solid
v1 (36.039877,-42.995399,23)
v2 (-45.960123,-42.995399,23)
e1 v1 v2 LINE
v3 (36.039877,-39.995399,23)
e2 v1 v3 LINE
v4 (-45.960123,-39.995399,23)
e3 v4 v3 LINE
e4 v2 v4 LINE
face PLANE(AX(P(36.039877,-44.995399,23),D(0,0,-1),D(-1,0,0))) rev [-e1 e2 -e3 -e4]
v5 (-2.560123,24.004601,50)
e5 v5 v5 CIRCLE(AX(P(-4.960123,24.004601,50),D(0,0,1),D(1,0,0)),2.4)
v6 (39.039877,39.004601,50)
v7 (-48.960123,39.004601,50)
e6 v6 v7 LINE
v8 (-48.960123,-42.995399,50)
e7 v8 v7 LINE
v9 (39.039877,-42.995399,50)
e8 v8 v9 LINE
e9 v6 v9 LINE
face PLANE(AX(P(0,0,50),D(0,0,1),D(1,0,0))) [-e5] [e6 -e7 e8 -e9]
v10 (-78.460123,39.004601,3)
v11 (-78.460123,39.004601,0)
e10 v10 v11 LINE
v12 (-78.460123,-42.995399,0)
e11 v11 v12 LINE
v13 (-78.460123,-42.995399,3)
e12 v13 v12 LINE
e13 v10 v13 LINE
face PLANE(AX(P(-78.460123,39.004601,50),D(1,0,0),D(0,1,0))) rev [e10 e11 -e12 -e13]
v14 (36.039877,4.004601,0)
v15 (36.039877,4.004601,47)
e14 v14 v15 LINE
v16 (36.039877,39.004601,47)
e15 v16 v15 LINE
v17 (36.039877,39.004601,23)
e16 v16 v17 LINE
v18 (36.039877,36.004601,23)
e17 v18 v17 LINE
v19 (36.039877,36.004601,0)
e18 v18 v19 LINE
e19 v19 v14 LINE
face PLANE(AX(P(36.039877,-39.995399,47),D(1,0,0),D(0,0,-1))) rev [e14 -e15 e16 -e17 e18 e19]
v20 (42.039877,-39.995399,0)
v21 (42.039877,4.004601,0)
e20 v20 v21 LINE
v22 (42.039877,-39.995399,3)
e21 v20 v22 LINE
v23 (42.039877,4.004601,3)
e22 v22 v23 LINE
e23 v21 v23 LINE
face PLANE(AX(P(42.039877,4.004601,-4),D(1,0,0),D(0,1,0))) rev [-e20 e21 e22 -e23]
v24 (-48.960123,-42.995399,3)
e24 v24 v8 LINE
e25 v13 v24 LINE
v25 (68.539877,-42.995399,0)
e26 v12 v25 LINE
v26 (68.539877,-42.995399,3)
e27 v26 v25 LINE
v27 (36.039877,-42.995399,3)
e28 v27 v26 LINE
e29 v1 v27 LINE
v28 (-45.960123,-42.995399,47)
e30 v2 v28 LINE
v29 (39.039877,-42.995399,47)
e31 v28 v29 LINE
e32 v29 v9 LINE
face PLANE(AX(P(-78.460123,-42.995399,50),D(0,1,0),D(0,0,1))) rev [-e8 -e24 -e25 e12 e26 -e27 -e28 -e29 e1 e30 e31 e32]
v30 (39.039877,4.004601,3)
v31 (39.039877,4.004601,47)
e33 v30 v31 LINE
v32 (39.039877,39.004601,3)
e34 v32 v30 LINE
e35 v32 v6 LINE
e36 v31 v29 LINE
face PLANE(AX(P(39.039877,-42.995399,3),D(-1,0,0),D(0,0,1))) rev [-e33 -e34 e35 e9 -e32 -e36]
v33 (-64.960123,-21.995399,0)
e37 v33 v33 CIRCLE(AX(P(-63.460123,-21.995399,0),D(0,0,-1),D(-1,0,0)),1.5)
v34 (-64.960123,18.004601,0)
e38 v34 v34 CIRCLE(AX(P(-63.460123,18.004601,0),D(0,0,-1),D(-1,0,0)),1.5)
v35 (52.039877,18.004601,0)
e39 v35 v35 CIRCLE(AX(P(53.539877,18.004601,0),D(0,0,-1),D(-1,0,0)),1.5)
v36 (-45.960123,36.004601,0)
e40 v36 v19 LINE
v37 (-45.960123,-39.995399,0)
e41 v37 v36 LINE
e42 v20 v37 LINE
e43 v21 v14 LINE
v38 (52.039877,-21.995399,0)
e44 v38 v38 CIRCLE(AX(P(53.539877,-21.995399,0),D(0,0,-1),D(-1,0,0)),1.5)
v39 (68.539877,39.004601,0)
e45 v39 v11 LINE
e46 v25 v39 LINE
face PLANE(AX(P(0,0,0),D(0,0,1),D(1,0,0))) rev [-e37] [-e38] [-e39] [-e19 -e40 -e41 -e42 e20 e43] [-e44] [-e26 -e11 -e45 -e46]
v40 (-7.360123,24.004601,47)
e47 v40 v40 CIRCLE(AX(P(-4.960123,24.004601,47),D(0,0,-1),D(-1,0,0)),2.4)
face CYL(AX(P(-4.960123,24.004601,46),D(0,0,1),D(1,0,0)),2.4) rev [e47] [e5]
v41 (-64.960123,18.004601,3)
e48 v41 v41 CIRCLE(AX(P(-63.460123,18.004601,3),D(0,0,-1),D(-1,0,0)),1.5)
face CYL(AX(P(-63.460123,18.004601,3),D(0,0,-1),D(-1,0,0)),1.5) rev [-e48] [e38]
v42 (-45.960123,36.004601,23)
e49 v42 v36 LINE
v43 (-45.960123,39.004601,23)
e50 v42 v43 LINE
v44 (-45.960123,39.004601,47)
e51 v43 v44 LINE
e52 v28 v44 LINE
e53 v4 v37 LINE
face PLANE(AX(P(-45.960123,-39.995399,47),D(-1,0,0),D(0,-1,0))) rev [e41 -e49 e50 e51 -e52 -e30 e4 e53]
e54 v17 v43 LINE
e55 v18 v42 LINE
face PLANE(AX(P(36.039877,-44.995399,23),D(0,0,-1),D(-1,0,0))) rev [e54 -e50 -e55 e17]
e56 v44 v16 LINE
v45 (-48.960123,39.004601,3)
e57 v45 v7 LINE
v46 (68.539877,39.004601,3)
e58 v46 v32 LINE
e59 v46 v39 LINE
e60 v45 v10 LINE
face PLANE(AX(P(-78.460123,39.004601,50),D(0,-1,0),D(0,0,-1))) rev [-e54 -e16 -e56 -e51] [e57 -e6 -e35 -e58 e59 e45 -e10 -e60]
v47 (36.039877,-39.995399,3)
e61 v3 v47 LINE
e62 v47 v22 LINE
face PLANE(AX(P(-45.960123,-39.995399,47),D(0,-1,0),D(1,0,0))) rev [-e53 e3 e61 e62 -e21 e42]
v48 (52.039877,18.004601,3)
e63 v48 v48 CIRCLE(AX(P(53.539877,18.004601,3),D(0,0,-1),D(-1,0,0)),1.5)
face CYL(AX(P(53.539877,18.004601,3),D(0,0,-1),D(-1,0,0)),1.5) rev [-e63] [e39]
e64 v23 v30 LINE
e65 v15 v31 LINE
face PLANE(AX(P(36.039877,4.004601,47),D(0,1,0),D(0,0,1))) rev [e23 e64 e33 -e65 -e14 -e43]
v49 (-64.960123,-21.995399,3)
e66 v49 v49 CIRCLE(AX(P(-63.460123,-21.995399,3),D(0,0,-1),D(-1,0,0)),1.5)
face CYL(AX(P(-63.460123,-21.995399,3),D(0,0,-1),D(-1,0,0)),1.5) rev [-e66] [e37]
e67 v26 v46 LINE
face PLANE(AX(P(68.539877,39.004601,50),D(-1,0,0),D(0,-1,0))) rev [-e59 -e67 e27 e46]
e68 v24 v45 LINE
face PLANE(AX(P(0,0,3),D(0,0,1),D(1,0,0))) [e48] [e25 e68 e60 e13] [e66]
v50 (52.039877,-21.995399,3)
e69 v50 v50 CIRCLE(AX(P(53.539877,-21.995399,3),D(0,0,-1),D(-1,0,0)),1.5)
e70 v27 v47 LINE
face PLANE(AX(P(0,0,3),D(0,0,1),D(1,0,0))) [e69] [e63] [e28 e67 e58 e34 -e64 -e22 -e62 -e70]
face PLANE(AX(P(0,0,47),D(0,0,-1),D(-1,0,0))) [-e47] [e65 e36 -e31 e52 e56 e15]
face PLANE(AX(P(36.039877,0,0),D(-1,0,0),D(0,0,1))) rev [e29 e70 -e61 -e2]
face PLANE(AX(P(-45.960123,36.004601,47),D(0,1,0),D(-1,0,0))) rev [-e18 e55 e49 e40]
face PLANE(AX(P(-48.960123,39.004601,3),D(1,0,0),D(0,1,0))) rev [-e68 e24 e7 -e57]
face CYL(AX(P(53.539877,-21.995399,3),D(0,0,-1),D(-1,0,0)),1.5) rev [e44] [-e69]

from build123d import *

# Parameters (mm, degrees)
SKETCH_1_W          = 147
SKETCH_1_H          = 82
EXTRUDE_1_DEPTH     = 50
SKETCH_2_W          = 29.5
SKETCH_2_H          = 82
CUT_EXTRUDE_1_DEPTH = 47
SKETCH_3_W          = 29.5
SKETCH_3_H          = 82
CUT_EXTRUDE_2_DEPTH = 47
SKETCH_5_W          = 82
SKETCH_5_H          = 76
CUT_EXTRUDE_3_DEPTH = 47
SKETCH_6_R          = 2.4
CUT_EXTRUDE_4_DEPTH = 4
SKETCH_7_W          = 82
SKETCH_7_H          = 24
CUT_EXTRUDE_5_DEPTH = 84
SKETCH_9_W          = 44
SKETCH_9_H          = 47
CUT_EXTRUDE_6_DEPTH = 3
SKETCH_10_W         = 6
SKETCH_10_H         = 44
CUT_EXTRUDE_7_DEPTH = 7
SKETCH_12_R         = 1.5
CUT_EXTRUDE_8_DEPTH = 3


with BuildPart() as part:
    # 草图1 → 凸台-拉伸1 (new body)
    with BuildSketch(Plane.XY):
        with Locations((-4.960122699, -1.995398773)):
            Rectangle(SKETCH_1_W, SKETCH_1_H)
    extrude(amount=EXTRUDE_1_DEPTH)

    # 草图2 → 切除-拉伸1 (cut)
    with BuildSketch(Plane.XY.offset(50)):
        with Locations((-63.710122699, -1.995398773)):
            Rectangle(SKETCH_2_W, SKETCH_2_H)
    extrude(amount=-CUT_EXTRUDE_1_DEPTH, mode=Mode.SUBTRACT)

    # 草图3 → 切除-拉伸2 (cut)
    with BuildSketch(Plane.XY.offset(50)):
        with Locations((53.789877301, -1.995398773)):
            Rectangle(SKETCH_3_W, SKETCH_3_H)
    extrude(amount=-CUT_EXTRUDE_2_DEPTH, mode=Mode.SUBTRACT)

    # 草图5 → 切除-拉伸3 (cut)
    with BuildSketch(Plane(origin=(0, 0, 0), x_dir=(-1, 0, 0), z_dir=(0, 0, -1))):
        with Locations((4.960122699, -1.995398773)):
            Rectangle(SKETCH_5_W, SKETCH_5_H)
    extrude(amount=-CUT_EXTRUDE_3_DEPTH, mode=Mode.SUBTRACT)

    # 草图6 → 切除-拉伸4 (cut)
    with BuildSketch(Plane.XY.offset(50)):
        with Locations((-4.960122699, 24.004601227)):
            Circle(SKETCH_6_R)
    extrude(amount=-CUT_EXTRUDE_4_DEPTH, mode=Mode.SUBTRACT)

    # 草图7 → 切除-拉伸5 (cut)
    with BuildSketch(Plane(origin=(0, 39.004601227, 0), x_dir=(1, 0, 0), z_dir=(0, 1, 0))):
        with Locations((-4.960122699, -35)):
            Rectangle(SKETCH_7_W, SKETCH_7_H)
    extrude(amount=-CUT_EXTRUDE_5_DEPTH, mode=Mode.SUBTRACT)

    # 草图9 → 切除-拉伸6 (cut)
    with BuildSketch(Plane(origin=(39.039877301, 0, 0), x_dir=(0, 0, -1), z_dir=(1, 0, 0))):
        with Locations((-25, -19.495398773)):
            Rectangle(SKETCH_9_W, SKETCH_9_H)
    extrude(amount=-CUT_EXTRUDE_6_DEPTH, mode=Mode.SUBTRACT)

    # 草图10 → 切除-拉伸7 (cut)
    with BuildSketch(Plane.XY.offset(3)):
        with Locations((39.039877301, -17.995398773)):
            Rectangle(SKETCH_10_W, SKETCH_10_H)
    extrude(amount=-CUT_EXTRUDE_7_DEPTH, mode=Mode.SUBTRACT)

    # 草图12 → 切除-拉伸8 (cut)
    with BuildSketch(Plane(origin=(0, 0, 0), x_dir=(-1, 0, 0), z_dir=(0, 0, -1))):
        with Locations((63.460122699, 18.004601227)):
            Circle(SKETCH_12_R)
        with Locations((63.460122699, -21.995398773)):
            Circle(SKETCH_12_R)
        with Locations((-53.539877301, 18.004601227)):
            Circle(SKETCH_12_R)
        with Locations((-53.539877301, -21.995398773)):
            Circle(SKETCH_12_R)
    extrude(amount=-CUT_EXTRUDE_8_DEPTH, mode=Mode.SUBTRACT)


solid = part.part
